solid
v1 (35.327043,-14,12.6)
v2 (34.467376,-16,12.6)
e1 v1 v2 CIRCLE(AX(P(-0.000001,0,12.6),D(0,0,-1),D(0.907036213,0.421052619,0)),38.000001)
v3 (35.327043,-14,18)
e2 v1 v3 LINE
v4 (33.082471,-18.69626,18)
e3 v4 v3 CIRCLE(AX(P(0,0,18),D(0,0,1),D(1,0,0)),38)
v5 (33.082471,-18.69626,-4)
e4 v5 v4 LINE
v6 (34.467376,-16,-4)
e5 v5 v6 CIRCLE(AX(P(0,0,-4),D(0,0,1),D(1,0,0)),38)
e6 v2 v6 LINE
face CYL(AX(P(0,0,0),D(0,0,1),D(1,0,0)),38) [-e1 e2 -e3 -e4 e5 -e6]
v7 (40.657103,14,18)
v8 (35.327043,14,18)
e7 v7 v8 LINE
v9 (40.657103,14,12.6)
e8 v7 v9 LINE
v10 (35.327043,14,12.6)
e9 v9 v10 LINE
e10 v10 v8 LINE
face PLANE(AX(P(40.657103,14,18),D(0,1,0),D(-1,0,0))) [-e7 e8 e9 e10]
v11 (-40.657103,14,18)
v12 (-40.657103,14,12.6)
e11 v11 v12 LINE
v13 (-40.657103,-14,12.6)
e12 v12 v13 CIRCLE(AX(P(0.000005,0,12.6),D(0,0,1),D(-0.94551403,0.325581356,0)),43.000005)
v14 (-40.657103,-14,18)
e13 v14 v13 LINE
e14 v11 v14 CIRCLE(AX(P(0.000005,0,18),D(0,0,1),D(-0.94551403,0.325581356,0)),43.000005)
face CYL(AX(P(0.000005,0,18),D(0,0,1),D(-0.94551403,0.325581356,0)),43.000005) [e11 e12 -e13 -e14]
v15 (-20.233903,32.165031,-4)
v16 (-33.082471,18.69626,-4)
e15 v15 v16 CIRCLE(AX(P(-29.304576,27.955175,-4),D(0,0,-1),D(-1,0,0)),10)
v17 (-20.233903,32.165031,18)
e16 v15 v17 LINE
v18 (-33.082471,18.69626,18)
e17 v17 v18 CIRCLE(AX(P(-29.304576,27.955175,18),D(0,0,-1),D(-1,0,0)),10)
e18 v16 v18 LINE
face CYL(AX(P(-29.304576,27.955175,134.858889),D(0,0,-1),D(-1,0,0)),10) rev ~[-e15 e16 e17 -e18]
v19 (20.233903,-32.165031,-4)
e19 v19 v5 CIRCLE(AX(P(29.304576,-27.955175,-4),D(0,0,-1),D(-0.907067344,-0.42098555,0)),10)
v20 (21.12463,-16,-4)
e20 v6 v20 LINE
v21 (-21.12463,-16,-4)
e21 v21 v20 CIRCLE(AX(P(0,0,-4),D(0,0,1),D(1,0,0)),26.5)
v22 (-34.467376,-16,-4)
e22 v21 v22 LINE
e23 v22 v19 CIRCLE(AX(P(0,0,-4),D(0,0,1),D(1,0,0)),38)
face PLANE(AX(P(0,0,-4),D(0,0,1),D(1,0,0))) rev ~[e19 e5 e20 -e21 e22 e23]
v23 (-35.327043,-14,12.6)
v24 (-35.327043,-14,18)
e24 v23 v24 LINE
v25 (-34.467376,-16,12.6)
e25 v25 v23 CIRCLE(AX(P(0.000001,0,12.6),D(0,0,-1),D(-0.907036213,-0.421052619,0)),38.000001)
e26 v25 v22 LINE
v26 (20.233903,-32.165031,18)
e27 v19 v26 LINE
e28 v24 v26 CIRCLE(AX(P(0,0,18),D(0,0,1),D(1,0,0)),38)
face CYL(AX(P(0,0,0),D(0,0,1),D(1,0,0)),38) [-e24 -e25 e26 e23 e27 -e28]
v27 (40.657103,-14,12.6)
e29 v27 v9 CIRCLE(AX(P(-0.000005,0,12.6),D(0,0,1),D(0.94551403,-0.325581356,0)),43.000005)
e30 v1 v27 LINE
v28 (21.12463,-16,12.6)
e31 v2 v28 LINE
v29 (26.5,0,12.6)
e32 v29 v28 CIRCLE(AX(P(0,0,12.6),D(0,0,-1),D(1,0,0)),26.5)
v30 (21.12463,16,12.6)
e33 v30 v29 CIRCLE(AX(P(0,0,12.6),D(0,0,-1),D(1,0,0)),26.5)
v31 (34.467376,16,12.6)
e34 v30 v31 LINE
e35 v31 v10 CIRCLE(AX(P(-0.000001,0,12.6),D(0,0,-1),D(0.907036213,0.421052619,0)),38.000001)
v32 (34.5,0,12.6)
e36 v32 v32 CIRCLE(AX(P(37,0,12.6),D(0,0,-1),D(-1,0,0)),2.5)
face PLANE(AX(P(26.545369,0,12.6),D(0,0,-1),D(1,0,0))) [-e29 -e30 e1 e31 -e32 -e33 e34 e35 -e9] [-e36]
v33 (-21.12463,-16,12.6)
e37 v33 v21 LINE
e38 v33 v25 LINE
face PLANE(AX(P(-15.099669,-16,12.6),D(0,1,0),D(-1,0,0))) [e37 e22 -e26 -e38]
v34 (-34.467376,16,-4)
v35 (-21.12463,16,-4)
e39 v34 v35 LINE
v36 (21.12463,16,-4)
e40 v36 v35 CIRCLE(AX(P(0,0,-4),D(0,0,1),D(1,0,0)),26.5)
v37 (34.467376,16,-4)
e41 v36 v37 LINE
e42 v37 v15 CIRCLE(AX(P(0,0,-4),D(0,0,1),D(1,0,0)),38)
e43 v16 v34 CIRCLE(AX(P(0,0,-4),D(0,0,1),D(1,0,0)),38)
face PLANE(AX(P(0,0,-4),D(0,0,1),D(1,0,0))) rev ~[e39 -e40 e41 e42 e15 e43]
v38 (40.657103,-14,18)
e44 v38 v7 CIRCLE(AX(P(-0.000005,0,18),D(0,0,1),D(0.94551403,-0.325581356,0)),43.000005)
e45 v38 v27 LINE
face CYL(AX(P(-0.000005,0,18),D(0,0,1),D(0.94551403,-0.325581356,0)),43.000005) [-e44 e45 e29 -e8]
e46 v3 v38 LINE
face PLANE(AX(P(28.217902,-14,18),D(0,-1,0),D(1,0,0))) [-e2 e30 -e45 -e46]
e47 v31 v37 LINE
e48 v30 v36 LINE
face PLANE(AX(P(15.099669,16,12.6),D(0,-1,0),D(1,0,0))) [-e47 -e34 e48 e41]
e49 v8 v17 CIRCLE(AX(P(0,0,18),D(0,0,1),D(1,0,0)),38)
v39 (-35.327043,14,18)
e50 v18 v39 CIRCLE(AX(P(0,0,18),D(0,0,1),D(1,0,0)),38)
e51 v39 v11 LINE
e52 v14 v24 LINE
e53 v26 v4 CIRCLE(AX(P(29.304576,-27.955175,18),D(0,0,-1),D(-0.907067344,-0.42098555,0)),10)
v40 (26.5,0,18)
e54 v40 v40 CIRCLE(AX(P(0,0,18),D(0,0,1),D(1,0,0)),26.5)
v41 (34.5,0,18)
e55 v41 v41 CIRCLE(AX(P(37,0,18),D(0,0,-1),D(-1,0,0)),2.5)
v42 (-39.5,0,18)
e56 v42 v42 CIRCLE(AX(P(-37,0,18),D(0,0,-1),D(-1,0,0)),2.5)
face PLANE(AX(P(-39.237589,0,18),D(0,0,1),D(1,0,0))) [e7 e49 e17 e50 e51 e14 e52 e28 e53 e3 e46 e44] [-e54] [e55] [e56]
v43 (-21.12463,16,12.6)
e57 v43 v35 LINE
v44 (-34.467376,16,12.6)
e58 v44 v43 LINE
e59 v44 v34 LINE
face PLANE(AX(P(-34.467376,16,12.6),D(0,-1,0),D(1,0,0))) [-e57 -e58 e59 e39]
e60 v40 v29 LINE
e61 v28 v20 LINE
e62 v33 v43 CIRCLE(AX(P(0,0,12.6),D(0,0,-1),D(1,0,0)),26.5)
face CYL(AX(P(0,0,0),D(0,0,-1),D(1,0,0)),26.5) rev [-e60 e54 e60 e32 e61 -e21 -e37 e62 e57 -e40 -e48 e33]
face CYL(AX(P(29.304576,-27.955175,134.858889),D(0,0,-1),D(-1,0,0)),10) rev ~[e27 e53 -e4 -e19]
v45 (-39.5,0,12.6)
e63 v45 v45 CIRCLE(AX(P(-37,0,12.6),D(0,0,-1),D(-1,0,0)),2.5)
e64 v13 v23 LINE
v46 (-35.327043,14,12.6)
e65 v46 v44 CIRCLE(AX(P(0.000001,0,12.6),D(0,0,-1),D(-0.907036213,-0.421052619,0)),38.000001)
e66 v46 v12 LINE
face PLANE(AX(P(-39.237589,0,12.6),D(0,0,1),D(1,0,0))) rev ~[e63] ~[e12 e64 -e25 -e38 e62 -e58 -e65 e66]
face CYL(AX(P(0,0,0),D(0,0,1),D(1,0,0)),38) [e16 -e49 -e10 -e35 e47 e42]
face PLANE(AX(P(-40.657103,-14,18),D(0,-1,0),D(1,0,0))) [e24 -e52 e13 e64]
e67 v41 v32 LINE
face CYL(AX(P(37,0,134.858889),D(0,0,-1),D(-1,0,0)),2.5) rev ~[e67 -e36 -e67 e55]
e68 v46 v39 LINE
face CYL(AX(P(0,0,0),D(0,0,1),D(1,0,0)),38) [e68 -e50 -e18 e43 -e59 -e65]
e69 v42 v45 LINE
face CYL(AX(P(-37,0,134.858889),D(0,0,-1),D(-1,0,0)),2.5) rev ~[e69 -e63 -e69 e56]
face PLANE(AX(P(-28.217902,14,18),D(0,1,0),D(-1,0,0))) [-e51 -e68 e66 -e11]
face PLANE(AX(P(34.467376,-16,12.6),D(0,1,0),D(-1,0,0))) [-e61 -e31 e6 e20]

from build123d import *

# Parameters (mm, degrees)
F0_R          = 38
F0_R_2        = 26.5
F1_DEPTH      = 18
F1_DEPTH_BACK = 4
F3_DEPTH      = 5.4
F5_DEPTH      = 16.601
F7_D          = 5
F8_D          = 20


with BuildPart() as f1:
    # F0 (on Top) → F1 (new body, two sides)
    with BuildSketch(Plane.XY) as f1_sk:
        Circle(F0_R)
        Circle(F0_R_2, mode=Mode.SUBTRACT)
    extrude(amount=F1_DEPTH)
    extrude(f1_sk.sketch, amount=-F1_DEPTH_BACK)

    # F2 (on face) → F3 (join)
    with BuildSketch(Plane.XY.offset(18)):
        with BuildLine():
            Line((-35.327043, 14), (-40.657103, 14))
            ThreePointArc((-40.657103, 14), (-43, 0), (-40.657103, -14))
            Line((-40.657103, -14), (-35.327043, -14))
            ThreePointArc((-35.327043, -14), (-38, 0), (-35.327043, 14))
        make_face()
        with BuildLine():
            Line((-28.217902, 14), (-35.327043, 14))
            ThreePointArc((-35.327043, 14), (-38, 0), (-35.327043, -14))
            Line((-35.327043, -14), (-28.217902, -14))
            ThreePointArc((-28.217902, -14), (-31.5, 0), (-28.217902, 14))
        make_face()
        with BuildLine():
            ThreePointArc((38, 0), (37.32578, 7.126442), (35.327043, 14))
            Line((35.327043, 14), (28.217902, 14))
            ThreePointArc((28.217902, 14), (31.5, 0), (28.217902, -14))
            Line((28.217902, -14), (35.327043, -14))
            ThreePointArc((35.327043, -14), (37.32578, -7.126442), (38, 0))
        make_face()
        with BuildLine():
            Line((40.657103, 14), (35.327043, 14))
            ThreePointArc((35.327043, 14), (37.32578, 7.126442), (38, 0))
            ThreePointArc((38, 0), (37.32578, -7.126442), (35.327043, -14))
            Line((35.327043, -14), (40.657103, -14))
            ThreePointArc((40.657103, -14), (43, 0), (40.657103, 14))
        make_face()
    extrude(amount=-F3_DEPTH)

    # F4 (on face) → F5 (cut, through all)
    with BuildSketch(Plane(origin=(0, 0, 12.6), x_dir=(1, 0, 0), z_dir=(0, 0, -1))):
        with BuildLine():
            Line((-15.099669, 16), (-34.467376, 16))
            ThreePointArc((-34.467376, 16), (-38, 0), (-34.467376, -16))
            Line((-34.467376, -16), (-15.099669, -16))
            ThreePointArc((-15.099669, -16), (-22, 0), (-15.099669, 16))
        make_face()
        with BuildLine():
            ThreePointArc((15.099669, 16), (22, 0), (15.099669, -16))
            Line((15.099669, -16), (34.467376, -16))
            ThreePointArc((34.467376, -16), (38, 0), (34.467376, 16))
            Line((34.467376, 16), (15.099669, 16))
        make_face()
    extrude(amount=F5_DEPTH, mode=Mode.SUBTRACT)

    # F7 (through all)
    with Locations(Plane.XY.offset(18)):
        with Locations((-37, 0), (37, 0)):
            Hole(F7_D / 2)

    # F8 (through all)
    with Locations(Plane.XY.offset(18)):
        with Locations((-29.304576, 27.955175), (29.304576, -27.955175)):
            Hole(F8_D / 2)


solid = f1.part
